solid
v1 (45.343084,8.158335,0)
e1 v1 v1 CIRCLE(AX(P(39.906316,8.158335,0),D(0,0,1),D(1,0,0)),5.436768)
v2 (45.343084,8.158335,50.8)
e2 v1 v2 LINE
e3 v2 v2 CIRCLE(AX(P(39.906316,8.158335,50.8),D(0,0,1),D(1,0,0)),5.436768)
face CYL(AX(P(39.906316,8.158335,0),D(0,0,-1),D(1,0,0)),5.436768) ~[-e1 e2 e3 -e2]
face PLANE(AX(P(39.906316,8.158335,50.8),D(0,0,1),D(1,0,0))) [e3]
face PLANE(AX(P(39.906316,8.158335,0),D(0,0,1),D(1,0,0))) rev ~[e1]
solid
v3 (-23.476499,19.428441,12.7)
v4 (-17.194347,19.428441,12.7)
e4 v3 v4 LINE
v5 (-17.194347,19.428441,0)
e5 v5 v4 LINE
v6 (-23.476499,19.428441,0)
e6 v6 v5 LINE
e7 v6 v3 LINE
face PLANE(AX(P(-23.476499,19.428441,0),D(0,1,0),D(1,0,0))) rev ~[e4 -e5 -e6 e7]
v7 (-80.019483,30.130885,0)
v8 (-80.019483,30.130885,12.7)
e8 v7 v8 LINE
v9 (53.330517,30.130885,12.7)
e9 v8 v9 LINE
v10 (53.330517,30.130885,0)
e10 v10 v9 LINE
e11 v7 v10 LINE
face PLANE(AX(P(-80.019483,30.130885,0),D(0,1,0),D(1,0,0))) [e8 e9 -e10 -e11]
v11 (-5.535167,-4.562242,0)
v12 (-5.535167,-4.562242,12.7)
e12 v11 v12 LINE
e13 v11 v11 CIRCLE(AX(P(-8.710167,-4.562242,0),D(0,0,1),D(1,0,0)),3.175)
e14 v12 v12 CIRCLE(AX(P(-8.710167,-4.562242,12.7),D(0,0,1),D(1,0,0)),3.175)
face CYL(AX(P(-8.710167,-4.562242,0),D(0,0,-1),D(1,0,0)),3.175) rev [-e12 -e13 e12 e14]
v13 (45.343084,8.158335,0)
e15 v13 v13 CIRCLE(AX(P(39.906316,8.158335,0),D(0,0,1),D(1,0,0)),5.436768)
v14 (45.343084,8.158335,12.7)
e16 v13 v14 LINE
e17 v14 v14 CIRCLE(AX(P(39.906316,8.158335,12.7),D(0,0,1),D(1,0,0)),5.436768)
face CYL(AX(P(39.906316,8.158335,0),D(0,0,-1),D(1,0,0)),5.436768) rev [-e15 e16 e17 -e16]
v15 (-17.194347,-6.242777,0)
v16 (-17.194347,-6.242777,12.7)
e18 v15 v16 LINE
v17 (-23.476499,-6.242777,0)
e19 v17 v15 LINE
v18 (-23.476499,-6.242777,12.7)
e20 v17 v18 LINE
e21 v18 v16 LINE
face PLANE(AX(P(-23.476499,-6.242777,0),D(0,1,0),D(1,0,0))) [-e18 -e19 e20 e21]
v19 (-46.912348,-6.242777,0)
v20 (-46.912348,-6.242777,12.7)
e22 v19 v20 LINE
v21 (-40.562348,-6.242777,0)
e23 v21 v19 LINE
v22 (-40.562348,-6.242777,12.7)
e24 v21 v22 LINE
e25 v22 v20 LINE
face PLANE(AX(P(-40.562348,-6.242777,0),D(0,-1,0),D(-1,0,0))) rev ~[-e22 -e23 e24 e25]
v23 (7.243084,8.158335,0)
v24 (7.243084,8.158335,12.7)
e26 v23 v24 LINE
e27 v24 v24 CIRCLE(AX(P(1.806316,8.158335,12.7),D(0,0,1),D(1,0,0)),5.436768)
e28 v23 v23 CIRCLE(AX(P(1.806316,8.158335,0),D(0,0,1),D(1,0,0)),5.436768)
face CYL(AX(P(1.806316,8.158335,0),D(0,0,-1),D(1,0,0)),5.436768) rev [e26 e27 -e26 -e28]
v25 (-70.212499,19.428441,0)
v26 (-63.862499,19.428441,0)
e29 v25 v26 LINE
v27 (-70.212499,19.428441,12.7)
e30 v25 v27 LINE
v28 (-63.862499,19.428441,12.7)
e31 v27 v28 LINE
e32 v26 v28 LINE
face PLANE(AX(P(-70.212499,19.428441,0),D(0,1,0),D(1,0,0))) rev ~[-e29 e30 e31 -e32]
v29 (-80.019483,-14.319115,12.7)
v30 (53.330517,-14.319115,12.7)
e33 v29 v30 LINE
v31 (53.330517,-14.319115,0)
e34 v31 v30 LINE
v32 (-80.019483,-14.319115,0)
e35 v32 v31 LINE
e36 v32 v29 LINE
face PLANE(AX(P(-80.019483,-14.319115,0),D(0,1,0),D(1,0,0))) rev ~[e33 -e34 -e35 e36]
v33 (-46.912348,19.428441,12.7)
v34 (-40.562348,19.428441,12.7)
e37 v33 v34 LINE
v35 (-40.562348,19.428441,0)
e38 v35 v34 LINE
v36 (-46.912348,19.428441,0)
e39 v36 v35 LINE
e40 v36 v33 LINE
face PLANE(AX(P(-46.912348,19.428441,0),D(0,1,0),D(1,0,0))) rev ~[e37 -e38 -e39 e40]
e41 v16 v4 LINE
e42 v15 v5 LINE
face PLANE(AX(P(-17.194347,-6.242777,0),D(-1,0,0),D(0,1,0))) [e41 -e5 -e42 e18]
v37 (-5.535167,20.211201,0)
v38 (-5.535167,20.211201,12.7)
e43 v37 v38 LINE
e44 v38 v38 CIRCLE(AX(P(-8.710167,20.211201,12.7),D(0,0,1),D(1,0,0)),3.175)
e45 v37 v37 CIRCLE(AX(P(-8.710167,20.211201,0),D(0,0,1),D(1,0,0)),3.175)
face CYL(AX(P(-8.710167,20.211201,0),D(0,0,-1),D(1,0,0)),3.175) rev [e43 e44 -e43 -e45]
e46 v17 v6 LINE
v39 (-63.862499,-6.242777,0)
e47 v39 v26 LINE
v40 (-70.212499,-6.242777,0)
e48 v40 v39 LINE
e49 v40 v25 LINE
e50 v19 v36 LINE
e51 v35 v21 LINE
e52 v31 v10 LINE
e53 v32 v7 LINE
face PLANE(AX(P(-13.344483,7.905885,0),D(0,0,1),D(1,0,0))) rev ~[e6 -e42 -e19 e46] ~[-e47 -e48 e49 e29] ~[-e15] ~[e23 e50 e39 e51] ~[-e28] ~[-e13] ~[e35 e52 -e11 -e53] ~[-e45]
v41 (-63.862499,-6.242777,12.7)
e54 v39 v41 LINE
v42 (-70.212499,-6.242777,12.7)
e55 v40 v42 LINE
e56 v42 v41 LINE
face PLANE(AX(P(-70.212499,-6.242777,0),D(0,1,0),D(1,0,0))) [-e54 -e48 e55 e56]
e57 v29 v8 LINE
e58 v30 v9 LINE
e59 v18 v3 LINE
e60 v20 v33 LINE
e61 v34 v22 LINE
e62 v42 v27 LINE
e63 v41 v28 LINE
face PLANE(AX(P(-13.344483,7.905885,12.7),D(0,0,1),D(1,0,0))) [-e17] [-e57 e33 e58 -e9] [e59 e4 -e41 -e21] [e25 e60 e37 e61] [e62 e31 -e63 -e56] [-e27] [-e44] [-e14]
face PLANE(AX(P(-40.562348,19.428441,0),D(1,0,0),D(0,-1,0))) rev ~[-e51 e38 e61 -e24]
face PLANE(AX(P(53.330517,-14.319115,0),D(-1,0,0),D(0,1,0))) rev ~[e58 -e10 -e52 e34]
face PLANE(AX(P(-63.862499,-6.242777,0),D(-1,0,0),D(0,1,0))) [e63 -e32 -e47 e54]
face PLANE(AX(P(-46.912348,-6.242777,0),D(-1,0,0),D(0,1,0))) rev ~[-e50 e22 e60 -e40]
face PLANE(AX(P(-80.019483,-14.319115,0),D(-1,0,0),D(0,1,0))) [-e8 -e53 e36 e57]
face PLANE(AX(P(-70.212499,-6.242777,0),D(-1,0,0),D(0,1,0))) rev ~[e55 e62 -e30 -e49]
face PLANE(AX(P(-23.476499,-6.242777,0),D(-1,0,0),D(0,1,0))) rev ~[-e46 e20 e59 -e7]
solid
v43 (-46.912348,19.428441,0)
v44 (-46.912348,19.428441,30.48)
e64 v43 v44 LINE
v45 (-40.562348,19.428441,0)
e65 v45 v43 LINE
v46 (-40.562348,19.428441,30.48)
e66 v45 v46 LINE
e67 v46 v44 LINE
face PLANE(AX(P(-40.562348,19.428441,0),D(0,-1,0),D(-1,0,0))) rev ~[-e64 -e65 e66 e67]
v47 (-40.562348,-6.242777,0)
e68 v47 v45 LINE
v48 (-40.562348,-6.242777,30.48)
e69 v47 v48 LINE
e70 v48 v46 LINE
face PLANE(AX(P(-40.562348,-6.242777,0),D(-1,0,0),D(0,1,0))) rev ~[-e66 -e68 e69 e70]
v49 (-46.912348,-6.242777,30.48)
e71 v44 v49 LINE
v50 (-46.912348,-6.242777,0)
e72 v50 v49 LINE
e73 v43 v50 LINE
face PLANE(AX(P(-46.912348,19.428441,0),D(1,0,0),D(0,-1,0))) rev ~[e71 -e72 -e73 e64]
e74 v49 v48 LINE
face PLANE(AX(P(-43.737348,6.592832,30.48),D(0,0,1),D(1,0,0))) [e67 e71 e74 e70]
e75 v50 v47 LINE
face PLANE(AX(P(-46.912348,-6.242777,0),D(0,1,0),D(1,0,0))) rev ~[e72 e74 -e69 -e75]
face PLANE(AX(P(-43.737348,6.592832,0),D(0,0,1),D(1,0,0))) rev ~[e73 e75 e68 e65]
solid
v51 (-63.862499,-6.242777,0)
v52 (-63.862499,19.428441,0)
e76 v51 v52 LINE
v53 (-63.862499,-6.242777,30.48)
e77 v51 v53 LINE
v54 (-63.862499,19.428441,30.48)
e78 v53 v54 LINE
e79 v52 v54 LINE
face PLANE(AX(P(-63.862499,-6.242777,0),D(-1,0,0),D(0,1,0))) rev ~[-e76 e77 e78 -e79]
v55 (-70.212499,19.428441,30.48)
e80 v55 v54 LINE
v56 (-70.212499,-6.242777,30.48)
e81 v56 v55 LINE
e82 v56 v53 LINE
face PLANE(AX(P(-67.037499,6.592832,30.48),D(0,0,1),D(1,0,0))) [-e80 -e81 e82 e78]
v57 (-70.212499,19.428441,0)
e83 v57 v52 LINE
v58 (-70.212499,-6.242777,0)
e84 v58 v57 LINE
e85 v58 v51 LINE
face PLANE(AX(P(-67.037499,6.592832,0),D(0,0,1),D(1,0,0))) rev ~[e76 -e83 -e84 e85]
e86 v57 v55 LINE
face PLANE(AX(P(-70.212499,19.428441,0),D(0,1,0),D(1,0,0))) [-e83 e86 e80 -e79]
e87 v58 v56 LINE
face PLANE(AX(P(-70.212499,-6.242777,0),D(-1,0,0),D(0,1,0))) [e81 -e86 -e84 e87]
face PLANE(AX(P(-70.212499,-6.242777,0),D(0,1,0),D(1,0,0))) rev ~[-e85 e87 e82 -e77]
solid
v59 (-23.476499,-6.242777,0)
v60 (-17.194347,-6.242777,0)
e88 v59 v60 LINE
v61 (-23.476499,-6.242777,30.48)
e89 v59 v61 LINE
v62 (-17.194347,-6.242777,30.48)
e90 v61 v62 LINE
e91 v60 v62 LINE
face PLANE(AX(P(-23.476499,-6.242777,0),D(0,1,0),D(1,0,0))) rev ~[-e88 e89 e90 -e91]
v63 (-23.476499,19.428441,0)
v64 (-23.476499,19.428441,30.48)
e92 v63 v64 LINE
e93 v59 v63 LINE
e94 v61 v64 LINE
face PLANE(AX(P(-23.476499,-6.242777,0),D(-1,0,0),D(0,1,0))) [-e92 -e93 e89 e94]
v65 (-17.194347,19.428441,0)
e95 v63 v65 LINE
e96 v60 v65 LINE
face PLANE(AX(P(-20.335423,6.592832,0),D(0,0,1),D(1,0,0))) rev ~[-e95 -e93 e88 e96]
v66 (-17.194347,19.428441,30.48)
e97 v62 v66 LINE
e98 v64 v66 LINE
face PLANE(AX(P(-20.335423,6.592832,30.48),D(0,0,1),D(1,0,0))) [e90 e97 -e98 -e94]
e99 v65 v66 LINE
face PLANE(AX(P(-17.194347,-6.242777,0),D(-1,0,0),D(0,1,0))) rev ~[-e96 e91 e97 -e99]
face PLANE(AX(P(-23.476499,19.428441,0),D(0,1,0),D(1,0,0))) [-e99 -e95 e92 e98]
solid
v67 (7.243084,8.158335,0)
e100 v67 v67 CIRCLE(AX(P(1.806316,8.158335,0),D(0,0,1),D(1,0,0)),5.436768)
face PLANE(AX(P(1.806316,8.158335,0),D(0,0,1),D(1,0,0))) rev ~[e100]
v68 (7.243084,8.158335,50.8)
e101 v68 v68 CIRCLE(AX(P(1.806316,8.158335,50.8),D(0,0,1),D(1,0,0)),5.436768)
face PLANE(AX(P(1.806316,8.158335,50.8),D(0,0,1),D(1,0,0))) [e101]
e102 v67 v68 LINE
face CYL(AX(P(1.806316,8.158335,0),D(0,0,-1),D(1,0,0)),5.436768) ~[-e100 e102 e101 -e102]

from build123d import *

# Parameters (mm, degrees)
F0_W     = 6.35
F0_H     = 25.671218
F0_W_2   = 6.282151
F1_DEPTH = 30.48
F0_R     = 5.436768
F2_DEPTH = 50.8
F0_W_3   = 133.35
F0_H_2   = 44.45
F0_R_2   = 3.175
F3_DEPTH = 12.7


with BuildPart() as f1:
    # F0 (on Top) → F1 (new body)
    with BuildSketch(Plane.XY):
        with Locations((-67.037499, 6.592832)):
            Rectangle(F0_W, F0_H)
        Polygon((-40.562348, 19.428441), (-46.844499, 19.428441), (-46.912348, 19.428441), (-46.912348, -6.242777), (-46.844499, -6.242777), (-40.562348, -6.242777), align=None)
        with Locations((-20.335423, 6.592832)):
            Rectangle(F0_W_2, F0_H)
    extrude(amount=F1_DEPTH)


with BuildPart() as f2:
    # F0 (on Top) → F2 (new body)
    with BuildSketch(Plane.XY):
        with Locations((1.806316, 8.158335)):
            Circle(F0_R)
        with Locations((39.906316, 8.158335)):
            Circle(F0_R)
    extrude(amount=F2_DEPTH)


with BuildPart() as f3:
    # F0 (on Top) → F3 (new body)
    with BuildSketch(Plane.XY):
        with Locations((-13.344483, 7.905885)):
            Rectangle(F0_W_3, F0_H_2)
        with Locations((-67.037499, 6.592832)):
            Rectangle(F0_W, F0_H, mode=Mode.SUBTRACT)
        Polygon((-46.912348, 19.428441), (-46.844499, 19.428441), (-40.562348, 19.428441), (-40.562348, -6.242777), (-46.844499, -6.242777), (-46.912348, -6.242777), align=None, mode=Mode.SUBTRACT)
        with Locations((-20.335423, 6.592832)):
            Rectangle(F0_W_2, F0_H, mode=Mode.SUBTRACT)
        with Locations((-8.710167, -4.562242)):
            Circle(F0_R_2, mode=Mode.SUBTRACT)
        with Locations((1.806316, 8.158335)):
            Circle(F0_R, mode=Mode.SUBTRACT)
        with Locations((39.906316, 8.158335)):
            Circle(F0_R, mode=Mode.SUBTRACT)
        with Locations((-8.710167, 20.211201)):
            Circle(F0_R_2, mode=Mode.SUBTRACT)
    extrude(amount=F3_DEPTH)


solid = Compound([f1.part, f2.part, f3.part])
